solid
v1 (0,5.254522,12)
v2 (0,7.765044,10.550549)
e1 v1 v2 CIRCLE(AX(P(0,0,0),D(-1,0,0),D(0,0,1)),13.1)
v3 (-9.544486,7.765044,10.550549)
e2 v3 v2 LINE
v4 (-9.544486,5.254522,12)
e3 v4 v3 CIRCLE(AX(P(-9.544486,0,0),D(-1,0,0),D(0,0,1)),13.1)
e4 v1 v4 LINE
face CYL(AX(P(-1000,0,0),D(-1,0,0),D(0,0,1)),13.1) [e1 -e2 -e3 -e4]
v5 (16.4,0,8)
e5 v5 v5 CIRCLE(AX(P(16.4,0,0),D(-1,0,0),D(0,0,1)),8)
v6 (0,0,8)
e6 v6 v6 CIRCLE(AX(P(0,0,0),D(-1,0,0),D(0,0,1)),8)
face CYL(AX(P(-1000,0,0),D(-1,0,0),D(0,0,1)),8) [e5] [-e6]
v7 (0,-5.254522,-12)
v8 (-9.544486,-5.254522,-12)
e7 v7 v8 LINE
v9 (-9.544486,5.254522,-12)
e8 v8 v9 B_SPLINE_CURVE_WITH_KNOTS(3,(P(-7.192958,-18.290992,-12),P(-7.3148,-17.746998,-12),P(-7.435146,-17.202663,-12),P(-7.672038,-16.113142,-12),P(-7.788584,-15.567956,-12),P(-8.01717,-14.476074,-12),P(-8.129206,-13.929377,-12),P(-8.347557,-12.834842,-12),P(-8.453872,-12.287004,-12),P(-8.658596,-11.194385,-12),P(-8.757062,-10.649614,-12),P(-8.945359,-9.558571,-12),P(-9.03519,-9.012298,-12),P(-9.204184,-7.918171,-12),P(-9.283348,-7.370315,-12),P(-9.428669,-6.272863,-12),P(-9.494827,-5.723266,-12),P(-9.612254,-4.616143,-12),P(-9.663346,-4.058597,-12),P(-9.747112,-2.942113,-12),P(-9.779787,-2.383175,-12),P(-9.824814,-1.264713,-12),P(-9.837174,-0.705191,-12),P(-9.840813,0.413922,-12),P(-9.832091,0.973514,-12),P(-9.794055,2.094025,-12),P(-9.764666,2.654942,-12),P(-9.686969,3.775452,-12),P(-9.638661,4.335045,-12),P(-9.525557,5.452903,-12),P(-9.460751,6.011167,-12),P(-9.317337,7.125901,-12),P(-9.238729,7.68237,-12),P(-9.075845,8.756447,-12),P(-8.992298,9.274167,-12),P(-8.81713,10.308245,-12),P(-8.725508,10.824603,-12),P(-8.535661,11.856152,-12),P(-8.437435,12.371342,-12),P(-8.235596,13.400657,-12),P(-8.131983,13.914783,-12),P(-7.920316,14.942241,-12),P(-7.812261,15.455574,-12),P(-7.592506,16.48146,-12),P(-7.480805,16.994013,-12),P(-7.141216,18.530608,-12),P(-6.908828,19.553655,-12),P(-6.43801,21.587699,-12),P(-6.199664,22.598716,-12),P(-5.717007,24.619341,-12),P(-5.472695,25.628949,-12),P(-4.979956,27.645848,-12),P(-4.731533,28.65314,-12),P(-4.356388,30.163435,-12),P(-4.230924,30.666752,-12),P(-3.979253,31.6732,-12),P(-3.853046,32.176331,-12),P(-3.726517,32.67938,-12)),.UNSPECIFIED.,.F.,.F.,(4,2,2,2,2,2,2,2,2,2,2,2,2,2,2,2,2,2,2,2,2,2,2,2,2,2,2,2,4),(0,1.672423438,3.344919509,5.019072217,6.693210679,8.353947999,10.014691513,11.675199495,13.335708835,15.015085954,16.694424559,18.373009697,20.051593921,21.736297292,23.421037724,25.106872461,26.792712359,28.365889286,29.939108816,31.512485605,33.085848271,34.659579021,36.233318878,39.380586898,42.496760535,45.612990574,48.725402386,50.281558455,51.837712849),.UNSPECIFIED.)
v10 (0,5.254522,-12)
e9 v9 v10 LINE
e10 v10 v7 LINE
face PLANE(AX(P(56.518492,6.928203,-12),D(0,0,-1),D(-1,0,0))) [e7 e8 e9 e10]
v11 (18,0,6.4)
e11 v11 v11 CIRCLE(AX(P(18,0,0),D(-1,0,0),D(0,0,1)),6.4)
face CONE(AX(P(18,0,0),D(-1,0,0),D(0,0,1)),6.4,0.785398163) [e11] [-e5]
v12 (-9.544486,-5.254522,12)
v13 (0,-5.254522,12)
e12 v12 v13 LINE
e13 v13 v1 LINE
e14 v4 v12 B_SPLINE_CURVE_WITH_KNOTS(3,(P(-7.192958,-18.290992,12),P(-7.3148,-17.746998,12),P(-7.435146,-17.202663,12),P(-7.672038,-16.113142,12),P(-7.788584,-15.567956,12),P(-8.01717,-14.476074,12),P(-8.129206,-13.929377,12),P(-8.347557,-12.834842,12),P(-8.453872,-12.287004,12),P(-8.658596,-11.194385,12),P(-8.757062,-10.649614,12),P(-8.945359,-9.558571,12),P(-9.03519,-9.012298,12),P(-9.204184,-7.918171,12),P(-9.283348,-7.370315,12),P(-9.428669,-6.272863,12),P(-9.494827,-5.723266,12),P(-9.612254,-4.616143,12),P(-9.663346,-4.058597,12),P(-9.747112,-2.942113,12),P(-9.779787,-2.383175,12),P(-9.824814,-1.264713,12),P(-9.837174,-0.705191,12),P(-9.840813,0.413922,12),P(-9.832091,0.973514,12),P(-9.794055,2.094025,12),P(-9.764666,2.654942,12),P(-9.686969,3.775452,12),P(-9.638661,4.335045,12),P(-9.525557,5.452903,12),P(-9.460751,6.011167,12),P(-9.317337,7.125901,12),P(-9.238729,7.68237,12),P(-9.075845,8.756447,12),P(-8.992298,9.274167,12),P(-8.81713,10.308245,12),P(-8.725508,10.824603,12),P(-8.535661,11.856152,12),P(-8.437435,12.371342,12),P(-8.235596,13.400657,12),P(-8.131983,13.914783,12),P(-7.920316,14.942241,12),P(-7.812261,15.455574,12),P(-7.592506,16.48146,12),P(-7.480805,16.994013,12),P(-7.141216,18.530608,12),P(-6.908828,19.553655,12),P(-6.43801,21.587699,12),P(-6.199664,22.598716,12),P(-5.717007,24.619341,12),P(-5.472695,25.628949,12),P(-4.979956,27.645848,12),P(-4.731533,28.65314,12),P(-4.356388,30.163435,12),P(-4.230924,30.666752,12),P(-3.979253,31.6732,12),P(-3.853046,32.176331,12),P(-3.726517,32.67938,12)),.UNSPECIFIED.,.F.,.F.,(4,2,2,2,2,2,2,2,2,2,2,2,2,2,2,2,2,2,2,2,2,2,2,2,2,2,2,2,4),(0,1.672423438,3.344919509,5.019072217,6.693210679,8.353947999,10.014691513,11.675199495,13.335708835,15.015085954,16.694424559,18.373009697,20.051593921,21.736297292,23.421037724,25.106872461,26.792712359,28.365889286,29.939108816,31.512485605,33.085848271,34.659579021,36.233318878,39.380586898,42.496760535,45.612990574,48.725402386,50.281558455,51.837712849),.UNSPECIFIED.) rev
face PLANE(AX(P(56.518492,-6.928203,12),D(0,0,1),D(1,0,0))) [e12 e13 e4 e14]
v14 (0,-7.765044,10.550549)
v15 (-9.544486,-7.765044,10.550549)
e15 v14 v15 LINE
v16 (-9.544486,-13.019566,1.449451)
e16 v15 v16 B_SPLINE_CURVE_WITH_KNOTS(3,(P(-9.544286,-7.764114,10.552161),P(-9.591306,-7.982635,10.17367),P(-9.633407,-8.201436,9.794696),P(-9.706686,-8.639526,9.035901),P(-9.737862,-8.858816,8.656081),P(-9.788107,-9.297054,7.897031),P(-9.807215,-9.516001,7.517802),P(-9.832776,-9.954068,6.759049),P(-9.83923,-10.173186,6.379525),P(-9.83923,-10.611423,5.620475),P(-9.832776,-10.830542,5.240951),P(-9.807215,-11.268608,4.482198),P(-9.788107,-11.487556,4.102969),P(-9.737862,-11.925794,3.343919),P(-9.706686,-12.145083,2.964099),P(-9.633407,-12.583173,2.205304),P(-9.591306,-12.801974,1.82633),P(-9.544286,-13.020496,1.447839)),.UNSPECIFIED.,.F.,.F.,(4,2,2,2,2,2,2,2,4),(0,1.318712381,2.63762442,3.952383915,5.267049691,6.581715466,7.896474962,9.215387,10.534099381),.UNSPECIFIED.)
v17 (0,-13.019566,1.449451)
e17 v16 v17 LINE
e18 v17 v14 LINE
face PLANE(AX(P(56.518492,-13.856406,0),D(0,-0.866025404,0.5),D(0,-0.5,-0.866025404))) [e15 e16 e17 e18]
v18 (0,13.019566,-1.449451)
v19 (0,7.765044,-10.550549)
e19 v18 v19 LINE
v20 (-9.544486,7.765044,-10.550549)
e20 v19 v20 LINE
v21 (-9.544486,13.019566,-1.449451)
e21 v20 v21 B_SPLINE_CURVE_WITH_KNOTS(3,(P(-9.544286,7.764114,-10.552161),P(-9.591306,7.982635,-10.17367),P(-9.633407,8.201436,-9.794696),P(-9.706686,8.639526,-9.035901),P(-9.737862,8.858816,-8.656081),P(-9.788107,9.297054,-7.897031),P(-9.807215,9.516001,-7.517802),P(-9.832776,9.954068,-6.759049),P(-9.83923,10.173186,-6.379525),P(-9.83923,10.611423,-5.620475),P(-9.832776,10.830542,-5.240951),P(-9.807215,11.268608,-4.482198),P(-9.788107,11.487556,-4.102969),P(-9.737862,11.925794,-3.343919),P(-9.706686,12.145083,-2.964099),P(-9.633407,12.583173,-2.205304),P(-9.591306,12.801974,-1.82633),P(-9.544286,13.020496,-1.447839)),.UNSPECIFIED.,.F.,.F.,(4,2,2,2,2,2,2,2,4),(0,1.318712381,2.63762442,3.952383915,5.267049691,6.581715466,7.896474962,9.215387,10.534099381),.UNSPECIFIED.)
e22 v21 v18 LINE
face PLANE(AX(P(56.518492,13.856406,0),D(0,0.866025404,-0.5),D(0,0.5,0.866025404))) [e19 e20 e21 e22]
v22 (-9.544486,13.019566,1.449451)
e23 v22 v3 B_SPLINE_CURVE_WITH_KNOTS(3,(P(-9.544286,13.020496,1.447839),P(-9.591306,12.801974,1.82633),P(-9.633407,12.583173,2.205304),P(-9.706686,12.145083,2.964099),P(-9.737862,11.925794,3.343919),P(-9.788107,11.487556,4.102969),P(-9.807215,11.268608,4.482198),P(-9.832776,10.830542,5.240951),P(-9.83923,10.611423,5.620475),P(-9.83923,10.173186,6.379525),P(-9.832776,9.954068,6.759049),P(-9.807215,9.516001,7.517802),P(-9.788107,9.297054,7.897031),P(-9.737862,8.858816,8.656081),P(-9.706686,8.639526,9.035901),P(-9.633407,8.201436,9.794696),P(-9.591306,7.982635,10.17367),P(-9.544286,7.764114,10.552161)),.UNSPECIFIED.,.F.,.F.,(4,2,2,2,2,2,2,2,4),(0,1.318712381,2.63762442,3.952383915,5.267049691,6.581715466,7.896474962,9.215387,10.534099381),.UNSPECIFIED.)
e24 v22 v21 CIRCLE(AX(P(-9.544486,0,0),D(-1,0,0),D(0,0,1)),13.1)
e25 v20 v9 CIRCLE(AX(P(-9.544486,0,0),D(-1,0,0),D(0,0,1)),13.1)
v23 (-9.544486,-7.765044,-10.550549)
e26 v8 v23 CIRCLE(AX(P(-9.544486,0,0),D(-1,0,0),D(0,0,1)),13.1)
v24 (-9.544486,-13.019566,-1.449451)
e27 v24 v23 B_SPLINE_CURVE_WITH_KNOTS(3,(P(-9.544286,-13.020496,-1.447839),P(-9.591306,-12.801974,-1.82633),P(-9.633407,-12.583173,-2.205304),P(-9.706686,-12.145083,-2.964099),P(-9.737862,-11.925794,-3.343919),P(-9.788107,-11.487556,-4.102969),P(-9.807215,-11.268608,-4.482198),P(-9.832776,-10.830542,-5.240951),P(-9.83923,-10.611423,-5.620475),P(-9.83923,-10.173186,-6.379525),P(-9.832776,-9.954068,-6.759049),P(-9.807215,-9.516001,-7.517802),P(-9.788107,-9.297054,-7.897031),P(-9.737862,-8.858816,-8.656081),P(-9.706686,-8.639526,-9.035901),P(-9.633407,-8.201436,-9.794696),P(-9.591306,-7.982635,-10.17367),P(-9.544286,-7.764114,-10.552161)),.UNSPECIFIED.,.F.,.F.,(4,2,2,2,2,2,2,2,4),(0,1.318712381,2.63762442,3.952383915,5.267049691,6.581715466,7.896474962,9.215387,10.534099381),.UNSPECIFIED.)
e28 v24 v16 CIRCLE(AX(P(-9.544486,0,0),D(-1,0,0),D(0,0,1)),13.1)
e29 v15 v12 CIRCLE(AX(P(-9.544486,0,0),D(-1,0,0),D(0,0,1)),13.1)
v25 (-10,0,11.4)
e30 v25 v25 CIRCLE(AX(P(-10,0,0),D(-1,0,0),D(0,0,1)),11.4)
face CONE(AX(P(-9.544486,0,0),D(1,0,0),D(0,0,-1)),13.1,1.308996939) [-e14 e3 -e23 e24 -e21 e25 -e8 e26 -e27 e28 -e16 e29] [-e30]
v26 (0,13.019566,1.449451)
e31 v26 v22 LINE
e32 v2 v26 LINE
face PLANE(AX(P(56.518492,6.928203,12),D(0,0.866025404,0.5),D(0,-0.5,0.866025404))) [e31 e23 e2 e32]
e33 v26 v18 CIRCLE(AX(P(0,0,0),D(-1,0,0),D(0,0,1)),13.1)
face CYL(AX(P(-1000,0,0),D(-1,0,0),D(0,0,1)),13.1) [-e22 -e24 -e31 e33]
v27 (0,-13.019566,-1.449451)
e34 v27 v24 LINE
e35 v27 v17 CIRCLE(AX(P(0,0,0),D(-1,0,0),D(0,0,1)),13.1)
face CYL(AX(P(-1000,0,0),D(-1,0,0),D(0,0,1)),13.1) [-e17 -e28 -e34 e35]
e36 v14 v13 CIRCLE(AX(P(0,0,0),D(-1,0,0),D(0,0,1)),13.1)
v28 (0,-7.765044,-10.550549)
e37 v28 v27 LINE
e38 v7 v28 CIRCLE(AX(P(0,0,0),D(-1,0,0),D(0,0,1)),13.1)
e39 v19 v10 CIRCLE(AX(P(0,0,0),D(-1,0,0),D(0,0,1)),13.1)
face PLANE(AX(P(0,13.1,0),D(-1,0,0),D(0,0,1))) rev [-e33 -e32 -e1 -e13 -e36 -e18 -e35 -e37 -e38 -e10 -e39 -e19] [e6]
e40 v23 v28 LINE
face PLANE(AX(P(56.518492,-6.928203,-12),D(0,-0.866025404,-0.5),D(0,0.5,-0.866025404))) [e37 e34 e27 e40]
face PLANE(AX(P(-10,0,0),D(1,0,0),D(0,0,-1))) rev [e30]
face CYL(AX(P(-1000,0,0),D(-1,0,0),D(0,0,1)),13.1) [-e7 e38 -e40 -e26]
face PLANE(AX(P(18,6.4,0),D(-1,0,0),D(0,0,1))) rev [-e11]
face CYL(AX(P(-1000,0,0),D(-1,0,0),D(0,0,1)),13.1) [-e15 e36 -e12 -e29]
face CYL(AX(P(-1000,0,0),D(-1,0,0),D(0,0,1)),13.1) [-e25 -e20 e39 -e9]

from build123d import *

# Parameters (mm, degrees)
SKETCH_2_OUTSIDE_W  = 37.488
SKETCH_2_OUTSIDE_H  = 37.488
CUT_EXTRUDE_1_DEPTH = 28


with BuildPart() as part:
    # Эскиз1 → Повернуть1 (revolve)
    with BuildSketch(Plane.XY):
        Polygon((-10, 0), (-10, 11.4), (-9.544486373, 13.1), (0, 13.1), (0, 8), (16.4, 8), (18, 6.4), (18, 0), align=None)
    revolve(axis=Axis((-1000, 0, 0), (1, 0, 0)))

    # Эскиз2 outside → Вырез-Вытянуть1 (cut)
    with BuildSketch(Plane.ZY.offset(10)):
        Rectangle(SKETCH_2_OUTSIDE_W, SKETCH_2_OUTSIDE_H)
        Polygon((0, 13.856406461), (-12, 6.92820323), (-12, -6.92820323), (0, -13.856406461), (12, -6.92820323), (12, 6.92820323), align=None, mode=Mode.SUBTRACT)
    extrude(amount=-CUT_EXTRUDE_1_DEPTH, mode=Mode.SUBTRACT)


solid = part.part
